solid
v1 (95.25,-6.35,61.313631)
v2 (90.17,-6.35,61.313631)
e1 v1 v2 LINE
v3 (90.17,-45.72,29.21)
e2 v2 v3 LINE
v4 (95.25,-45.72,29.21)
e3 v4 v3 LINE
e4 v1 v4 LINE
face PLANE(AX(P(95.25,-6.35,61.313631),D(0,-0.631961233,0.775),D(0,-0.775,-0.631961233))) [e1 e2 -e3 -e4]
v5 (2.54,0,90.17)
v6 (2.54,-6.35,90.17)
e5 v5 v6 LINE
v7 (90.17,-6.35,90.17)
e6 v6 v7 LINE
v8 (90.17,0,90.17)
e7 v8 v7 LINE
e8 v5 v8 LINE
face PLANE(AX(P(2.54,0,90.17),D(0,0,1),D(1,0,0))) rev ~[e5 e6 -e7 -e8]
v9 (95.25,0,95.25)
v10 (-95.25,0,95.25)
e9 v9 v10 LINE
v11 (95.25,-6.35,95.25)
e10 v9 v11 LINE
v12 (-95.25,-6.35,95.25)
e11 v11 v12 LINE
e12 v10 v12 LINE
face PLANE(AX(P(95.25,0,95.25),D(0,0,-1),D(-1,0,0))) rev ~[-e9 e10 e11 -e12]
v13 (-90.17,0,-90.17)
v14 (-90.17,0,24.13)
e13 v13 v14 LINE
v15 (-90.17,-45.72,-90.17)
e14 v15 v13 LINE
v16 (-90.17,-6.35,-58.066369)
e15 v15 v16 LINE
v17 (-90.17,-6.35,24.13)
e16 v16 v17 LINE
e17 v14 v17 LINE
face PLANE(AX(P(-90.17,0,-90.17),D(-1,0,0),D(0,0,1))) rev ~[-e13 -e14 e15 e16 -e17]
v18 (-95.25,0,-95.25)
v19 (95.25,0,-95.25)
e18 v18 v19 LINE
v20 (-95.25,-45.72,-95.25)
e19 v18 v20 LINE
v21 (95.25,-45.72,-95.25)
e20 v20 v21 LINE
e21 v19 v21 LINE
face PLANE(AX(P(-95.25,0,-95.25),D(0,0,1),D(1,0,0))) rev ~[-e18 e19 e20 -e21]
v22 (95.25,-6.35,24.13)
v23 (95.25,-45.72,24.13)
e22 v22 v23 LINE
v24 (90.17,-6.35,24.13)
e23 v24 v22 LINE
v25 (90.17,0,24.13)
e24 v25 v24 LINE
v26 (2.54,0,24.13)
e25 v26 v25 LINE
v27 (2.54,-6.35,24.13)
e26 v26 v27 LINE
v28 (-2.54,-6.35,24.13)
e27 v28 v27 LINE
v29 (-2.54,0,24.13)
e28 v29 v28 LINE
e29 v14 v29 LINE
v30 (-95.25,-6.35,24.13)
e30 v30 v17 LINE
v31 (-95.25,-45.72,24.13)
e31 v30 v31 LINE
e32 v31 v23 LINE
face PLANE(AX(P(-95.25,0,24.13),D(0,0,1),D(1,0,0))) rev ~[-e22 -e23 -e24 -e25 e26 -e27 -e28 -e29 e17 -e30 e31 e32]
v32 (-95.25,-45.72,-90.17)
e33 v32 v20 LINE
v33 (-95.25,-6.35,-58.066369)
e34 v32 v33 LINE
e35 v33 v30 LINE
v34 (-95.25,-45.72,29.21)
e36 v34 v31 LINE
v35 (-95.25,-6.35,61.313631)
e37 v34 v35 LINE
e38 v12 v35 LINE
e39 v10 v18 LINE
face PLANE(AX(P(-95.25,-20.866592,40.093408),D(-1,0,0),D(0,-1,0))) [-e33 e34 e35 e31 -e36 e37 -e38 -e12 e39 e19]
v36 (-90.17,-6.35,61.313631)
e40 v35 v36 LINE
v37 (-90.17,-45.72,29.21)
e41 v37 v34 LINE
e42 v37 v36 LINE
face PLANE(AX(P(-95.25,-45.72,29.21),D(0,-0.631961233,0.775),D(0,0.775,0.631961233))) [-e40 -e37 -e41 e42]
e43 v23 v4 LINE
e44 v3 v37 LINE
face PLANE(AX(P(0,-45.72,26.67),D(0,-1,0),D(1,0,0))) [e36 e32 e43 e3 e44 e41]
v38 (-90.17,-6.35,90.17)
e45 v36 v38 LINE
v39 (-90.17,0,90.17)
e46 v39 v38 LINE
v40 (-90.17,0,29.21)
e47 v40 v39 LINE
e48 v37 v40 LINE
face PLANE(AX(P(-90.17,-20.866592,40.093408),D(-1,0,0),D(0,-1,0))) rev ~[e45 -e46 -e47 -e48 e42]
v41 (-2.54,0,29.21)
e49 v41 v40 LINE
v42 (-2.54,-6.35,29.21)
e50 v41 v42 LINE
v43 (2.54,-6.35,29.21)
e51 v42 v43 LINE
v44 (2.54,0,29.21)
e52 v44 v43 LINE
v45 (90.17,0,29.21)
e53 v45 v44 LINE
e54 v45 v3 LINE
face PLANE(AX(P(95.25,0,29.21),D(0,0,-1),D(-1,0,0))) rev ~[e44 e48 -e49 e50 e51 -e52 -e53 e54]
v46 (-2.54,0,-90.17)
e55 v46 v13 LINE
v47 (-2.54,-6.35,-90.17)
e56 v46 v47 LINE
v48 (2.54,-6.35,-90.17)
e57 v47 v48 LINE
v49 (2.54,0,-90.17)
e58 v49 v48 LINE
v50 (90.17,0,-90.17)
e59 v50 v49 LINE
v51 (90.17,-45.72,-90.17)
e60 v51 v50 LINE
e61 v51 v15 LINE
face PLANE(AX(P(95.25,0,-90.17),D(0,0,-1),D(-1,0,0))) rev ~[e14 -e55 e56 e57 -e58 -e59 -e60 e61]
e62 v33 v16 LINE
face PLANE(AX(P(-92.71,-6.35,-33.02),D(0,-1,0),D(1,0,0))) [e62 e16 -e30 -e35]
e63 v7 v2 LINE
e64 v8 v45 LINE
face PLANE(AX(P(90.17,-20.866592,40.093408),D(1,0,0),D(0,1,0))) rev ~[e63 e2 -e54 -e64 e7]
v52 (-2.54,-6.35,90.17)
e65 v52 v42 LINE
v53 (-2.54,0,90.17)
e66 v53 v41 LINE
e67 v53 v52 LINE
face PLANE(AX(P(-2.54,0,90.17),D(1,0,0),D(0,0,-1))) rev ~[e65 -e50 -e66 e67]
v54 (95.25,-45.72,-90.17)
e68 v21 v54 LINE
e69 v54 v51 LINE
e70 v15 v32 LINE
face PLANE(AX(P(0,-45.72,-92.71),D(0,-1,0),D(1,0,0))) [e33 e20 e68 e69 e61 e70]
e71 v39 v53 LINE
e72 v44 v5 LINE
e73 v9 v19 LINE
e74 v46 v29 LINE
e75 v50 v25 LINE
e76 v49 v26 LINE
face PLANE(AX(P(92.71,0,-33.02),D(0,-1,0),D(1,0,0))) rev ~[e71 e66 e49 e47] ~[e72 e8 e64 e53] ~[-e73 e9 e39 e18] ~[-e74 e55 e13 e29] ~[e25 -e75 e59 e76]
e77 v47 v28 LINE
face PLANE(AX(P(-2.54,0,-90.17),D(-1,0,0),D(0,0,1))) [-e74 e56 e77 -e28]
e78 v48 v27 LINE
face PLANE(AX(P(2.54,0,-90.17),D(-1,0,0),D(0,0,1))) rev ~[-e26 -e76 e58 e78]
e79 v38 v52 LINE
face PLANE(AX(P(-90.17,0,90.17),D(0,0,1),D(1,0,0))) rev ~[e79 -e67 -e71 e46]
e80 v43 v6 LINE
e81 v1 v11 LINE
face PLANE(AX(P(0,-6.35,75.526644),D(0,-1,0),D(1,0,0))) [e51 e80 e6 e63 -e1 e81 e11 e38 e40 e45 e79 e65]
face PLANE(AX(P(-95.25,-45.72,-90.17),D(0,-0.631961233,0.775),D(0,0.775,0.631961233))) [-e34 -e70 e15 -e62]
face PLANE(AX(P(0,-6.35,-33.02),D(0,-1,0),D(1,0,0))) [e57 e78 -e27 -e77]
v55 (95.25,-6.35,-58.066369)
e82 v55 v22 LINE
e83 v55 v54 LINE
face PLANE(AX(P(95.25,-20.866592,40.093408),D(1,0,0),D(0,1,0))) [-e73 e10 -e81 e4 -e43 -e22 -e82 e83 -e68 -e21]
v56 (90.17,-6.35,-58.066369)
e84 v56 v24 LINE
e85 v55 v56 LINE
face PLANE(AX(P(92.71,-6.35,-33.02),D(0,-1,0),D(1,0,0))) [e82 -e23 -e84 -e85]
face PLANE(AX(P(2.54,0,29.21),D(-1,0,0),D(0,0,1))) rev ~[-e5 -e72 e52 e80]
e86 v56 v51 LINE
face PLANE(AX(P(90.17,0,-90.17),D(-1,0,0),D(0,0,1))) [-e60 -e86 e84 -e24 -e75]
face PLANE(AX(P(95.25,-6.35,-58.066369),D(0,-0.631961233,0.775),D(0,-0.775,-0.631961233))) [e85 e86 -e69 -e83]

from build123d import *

# Parameters (mm, degrees)
F1_DEPTH = 45.72
F0_W     = 5.08
F0_H     = 114.3
F2_DEPTH = 6.35
F5_DEPTH = 5.08
F7_DEPTH = 5.08


with BuildPart() as f1:
    # F0 (on Front) → F1 (new body)
    with BuildSketch(Plane.XZ):
        Polygon((-90.17, 29.21), (-95.25, 29.21), (-95.25, 24.13), (-90.17, 24.13), (-2.54, 24.13), (2.54, 24.13), (90.17, 24.13), (95.25, 24.13), (95.25, 29.21), (90.17, 29.21), (2.54, 29.21), (-2.54, 29.21), align=None)
    extrude(amount=F1_DEPTH)


with BuildPart() as f1b:
    # F0 (on Front) → F1, piece 2 (new body)
    with BuildSketch(Plane.XZ):
        Polygon((-90.17, -90.17), (-95.25, -90.17), (-95.25, -95.25), (95.25, -95.25), (95.25, -90.17), (90.17, -90.17), (2.54, -90.17), (-2.54, -90.17), align=None)
    extrude(amount=F1_DEPTH)


with BuildPart() as f2:
    # F0 (on Front) → F2 (new body)
    with BuildSketch(Plane.XZ):
        with Locations((-92.71, -33.02)):
            Rectangle(F0_W, F0_H)
    extrude(amount=F2_DEPTH)


with BuildPart() as f2b:
    # F0 (on Front) → F2, piece 2 (new body)
    with BuildSketch(Plane.XZ):
        Polygon((95.25, 95.25), (-95.25, 95.25), (-95.25, 29.21), (-90.17, 29.21), (-90.17, 90.17), (-2.54, 90.17), (-2.54, 29.21), (2.54, 29.21), (2.54, 90.17), (90.17, 90.17), (90.17, 29.21), (95.25, 29.21), align=None)
    extrude(amount=F2_DEPTH)


with BuildPart() as f2c:
    # F0 (on Front) → F2, piece 3 (new body)
    with BuildSketch(Plane.XZ):
        with Locations((0, -33.02)):
            Rectangle(F0_W, F0_H)
    extrude(amount=F2_DEPTH)


with BuildPart() as f2d:
    # F0 (on Front) → F2, piece 4 (new body)
    with BuildSketch(Plane.XZ):
        with Locations((92.71, -33.02)):
            Rectangle(F0_W, F0_H)
    extrude(amount=F2_DEPTH)


with BuildPart() as f1b_1:
    add(f1b.part)

    # F3: union F1, F2b, F2, F2d, F2c
    add(f1.part)
    add(f2b.part)
    add(f2.part)
    add(f2d.part)
    add(f2c.part)

    # F4 (on face) → F5 (join)
    with BuildSketch(Plane.YZ.offset(95.25)):
        Polygon((-6.35, 61.3136306358), (-45.72, 29.21), (-6.35, 29.21), align=None)
        Polygon((-6.35, -90.17), (-6.35, -58.0663693642), (-45.72, -90.17), align=None)
    extrude(amount=-F5_DEPTH)

    # F6 (on face) → F7 (join)
    with BuildSketch(Plane(origin=(-95.25, 0, 0), x_dir=(0, -1, 0), z_dir=(-1, 0, 0))):
        Polygon((6.35, 29.21), (45.72, 29.21), (6.35, 61.3136306358), align=None)
        Polygon((45.72, -90.17), (6.35, -58.0663693642), (6.35, -90.17), align=None)
    extrude(amount=-F7_DEPTH)


solid = f1b_1.part
